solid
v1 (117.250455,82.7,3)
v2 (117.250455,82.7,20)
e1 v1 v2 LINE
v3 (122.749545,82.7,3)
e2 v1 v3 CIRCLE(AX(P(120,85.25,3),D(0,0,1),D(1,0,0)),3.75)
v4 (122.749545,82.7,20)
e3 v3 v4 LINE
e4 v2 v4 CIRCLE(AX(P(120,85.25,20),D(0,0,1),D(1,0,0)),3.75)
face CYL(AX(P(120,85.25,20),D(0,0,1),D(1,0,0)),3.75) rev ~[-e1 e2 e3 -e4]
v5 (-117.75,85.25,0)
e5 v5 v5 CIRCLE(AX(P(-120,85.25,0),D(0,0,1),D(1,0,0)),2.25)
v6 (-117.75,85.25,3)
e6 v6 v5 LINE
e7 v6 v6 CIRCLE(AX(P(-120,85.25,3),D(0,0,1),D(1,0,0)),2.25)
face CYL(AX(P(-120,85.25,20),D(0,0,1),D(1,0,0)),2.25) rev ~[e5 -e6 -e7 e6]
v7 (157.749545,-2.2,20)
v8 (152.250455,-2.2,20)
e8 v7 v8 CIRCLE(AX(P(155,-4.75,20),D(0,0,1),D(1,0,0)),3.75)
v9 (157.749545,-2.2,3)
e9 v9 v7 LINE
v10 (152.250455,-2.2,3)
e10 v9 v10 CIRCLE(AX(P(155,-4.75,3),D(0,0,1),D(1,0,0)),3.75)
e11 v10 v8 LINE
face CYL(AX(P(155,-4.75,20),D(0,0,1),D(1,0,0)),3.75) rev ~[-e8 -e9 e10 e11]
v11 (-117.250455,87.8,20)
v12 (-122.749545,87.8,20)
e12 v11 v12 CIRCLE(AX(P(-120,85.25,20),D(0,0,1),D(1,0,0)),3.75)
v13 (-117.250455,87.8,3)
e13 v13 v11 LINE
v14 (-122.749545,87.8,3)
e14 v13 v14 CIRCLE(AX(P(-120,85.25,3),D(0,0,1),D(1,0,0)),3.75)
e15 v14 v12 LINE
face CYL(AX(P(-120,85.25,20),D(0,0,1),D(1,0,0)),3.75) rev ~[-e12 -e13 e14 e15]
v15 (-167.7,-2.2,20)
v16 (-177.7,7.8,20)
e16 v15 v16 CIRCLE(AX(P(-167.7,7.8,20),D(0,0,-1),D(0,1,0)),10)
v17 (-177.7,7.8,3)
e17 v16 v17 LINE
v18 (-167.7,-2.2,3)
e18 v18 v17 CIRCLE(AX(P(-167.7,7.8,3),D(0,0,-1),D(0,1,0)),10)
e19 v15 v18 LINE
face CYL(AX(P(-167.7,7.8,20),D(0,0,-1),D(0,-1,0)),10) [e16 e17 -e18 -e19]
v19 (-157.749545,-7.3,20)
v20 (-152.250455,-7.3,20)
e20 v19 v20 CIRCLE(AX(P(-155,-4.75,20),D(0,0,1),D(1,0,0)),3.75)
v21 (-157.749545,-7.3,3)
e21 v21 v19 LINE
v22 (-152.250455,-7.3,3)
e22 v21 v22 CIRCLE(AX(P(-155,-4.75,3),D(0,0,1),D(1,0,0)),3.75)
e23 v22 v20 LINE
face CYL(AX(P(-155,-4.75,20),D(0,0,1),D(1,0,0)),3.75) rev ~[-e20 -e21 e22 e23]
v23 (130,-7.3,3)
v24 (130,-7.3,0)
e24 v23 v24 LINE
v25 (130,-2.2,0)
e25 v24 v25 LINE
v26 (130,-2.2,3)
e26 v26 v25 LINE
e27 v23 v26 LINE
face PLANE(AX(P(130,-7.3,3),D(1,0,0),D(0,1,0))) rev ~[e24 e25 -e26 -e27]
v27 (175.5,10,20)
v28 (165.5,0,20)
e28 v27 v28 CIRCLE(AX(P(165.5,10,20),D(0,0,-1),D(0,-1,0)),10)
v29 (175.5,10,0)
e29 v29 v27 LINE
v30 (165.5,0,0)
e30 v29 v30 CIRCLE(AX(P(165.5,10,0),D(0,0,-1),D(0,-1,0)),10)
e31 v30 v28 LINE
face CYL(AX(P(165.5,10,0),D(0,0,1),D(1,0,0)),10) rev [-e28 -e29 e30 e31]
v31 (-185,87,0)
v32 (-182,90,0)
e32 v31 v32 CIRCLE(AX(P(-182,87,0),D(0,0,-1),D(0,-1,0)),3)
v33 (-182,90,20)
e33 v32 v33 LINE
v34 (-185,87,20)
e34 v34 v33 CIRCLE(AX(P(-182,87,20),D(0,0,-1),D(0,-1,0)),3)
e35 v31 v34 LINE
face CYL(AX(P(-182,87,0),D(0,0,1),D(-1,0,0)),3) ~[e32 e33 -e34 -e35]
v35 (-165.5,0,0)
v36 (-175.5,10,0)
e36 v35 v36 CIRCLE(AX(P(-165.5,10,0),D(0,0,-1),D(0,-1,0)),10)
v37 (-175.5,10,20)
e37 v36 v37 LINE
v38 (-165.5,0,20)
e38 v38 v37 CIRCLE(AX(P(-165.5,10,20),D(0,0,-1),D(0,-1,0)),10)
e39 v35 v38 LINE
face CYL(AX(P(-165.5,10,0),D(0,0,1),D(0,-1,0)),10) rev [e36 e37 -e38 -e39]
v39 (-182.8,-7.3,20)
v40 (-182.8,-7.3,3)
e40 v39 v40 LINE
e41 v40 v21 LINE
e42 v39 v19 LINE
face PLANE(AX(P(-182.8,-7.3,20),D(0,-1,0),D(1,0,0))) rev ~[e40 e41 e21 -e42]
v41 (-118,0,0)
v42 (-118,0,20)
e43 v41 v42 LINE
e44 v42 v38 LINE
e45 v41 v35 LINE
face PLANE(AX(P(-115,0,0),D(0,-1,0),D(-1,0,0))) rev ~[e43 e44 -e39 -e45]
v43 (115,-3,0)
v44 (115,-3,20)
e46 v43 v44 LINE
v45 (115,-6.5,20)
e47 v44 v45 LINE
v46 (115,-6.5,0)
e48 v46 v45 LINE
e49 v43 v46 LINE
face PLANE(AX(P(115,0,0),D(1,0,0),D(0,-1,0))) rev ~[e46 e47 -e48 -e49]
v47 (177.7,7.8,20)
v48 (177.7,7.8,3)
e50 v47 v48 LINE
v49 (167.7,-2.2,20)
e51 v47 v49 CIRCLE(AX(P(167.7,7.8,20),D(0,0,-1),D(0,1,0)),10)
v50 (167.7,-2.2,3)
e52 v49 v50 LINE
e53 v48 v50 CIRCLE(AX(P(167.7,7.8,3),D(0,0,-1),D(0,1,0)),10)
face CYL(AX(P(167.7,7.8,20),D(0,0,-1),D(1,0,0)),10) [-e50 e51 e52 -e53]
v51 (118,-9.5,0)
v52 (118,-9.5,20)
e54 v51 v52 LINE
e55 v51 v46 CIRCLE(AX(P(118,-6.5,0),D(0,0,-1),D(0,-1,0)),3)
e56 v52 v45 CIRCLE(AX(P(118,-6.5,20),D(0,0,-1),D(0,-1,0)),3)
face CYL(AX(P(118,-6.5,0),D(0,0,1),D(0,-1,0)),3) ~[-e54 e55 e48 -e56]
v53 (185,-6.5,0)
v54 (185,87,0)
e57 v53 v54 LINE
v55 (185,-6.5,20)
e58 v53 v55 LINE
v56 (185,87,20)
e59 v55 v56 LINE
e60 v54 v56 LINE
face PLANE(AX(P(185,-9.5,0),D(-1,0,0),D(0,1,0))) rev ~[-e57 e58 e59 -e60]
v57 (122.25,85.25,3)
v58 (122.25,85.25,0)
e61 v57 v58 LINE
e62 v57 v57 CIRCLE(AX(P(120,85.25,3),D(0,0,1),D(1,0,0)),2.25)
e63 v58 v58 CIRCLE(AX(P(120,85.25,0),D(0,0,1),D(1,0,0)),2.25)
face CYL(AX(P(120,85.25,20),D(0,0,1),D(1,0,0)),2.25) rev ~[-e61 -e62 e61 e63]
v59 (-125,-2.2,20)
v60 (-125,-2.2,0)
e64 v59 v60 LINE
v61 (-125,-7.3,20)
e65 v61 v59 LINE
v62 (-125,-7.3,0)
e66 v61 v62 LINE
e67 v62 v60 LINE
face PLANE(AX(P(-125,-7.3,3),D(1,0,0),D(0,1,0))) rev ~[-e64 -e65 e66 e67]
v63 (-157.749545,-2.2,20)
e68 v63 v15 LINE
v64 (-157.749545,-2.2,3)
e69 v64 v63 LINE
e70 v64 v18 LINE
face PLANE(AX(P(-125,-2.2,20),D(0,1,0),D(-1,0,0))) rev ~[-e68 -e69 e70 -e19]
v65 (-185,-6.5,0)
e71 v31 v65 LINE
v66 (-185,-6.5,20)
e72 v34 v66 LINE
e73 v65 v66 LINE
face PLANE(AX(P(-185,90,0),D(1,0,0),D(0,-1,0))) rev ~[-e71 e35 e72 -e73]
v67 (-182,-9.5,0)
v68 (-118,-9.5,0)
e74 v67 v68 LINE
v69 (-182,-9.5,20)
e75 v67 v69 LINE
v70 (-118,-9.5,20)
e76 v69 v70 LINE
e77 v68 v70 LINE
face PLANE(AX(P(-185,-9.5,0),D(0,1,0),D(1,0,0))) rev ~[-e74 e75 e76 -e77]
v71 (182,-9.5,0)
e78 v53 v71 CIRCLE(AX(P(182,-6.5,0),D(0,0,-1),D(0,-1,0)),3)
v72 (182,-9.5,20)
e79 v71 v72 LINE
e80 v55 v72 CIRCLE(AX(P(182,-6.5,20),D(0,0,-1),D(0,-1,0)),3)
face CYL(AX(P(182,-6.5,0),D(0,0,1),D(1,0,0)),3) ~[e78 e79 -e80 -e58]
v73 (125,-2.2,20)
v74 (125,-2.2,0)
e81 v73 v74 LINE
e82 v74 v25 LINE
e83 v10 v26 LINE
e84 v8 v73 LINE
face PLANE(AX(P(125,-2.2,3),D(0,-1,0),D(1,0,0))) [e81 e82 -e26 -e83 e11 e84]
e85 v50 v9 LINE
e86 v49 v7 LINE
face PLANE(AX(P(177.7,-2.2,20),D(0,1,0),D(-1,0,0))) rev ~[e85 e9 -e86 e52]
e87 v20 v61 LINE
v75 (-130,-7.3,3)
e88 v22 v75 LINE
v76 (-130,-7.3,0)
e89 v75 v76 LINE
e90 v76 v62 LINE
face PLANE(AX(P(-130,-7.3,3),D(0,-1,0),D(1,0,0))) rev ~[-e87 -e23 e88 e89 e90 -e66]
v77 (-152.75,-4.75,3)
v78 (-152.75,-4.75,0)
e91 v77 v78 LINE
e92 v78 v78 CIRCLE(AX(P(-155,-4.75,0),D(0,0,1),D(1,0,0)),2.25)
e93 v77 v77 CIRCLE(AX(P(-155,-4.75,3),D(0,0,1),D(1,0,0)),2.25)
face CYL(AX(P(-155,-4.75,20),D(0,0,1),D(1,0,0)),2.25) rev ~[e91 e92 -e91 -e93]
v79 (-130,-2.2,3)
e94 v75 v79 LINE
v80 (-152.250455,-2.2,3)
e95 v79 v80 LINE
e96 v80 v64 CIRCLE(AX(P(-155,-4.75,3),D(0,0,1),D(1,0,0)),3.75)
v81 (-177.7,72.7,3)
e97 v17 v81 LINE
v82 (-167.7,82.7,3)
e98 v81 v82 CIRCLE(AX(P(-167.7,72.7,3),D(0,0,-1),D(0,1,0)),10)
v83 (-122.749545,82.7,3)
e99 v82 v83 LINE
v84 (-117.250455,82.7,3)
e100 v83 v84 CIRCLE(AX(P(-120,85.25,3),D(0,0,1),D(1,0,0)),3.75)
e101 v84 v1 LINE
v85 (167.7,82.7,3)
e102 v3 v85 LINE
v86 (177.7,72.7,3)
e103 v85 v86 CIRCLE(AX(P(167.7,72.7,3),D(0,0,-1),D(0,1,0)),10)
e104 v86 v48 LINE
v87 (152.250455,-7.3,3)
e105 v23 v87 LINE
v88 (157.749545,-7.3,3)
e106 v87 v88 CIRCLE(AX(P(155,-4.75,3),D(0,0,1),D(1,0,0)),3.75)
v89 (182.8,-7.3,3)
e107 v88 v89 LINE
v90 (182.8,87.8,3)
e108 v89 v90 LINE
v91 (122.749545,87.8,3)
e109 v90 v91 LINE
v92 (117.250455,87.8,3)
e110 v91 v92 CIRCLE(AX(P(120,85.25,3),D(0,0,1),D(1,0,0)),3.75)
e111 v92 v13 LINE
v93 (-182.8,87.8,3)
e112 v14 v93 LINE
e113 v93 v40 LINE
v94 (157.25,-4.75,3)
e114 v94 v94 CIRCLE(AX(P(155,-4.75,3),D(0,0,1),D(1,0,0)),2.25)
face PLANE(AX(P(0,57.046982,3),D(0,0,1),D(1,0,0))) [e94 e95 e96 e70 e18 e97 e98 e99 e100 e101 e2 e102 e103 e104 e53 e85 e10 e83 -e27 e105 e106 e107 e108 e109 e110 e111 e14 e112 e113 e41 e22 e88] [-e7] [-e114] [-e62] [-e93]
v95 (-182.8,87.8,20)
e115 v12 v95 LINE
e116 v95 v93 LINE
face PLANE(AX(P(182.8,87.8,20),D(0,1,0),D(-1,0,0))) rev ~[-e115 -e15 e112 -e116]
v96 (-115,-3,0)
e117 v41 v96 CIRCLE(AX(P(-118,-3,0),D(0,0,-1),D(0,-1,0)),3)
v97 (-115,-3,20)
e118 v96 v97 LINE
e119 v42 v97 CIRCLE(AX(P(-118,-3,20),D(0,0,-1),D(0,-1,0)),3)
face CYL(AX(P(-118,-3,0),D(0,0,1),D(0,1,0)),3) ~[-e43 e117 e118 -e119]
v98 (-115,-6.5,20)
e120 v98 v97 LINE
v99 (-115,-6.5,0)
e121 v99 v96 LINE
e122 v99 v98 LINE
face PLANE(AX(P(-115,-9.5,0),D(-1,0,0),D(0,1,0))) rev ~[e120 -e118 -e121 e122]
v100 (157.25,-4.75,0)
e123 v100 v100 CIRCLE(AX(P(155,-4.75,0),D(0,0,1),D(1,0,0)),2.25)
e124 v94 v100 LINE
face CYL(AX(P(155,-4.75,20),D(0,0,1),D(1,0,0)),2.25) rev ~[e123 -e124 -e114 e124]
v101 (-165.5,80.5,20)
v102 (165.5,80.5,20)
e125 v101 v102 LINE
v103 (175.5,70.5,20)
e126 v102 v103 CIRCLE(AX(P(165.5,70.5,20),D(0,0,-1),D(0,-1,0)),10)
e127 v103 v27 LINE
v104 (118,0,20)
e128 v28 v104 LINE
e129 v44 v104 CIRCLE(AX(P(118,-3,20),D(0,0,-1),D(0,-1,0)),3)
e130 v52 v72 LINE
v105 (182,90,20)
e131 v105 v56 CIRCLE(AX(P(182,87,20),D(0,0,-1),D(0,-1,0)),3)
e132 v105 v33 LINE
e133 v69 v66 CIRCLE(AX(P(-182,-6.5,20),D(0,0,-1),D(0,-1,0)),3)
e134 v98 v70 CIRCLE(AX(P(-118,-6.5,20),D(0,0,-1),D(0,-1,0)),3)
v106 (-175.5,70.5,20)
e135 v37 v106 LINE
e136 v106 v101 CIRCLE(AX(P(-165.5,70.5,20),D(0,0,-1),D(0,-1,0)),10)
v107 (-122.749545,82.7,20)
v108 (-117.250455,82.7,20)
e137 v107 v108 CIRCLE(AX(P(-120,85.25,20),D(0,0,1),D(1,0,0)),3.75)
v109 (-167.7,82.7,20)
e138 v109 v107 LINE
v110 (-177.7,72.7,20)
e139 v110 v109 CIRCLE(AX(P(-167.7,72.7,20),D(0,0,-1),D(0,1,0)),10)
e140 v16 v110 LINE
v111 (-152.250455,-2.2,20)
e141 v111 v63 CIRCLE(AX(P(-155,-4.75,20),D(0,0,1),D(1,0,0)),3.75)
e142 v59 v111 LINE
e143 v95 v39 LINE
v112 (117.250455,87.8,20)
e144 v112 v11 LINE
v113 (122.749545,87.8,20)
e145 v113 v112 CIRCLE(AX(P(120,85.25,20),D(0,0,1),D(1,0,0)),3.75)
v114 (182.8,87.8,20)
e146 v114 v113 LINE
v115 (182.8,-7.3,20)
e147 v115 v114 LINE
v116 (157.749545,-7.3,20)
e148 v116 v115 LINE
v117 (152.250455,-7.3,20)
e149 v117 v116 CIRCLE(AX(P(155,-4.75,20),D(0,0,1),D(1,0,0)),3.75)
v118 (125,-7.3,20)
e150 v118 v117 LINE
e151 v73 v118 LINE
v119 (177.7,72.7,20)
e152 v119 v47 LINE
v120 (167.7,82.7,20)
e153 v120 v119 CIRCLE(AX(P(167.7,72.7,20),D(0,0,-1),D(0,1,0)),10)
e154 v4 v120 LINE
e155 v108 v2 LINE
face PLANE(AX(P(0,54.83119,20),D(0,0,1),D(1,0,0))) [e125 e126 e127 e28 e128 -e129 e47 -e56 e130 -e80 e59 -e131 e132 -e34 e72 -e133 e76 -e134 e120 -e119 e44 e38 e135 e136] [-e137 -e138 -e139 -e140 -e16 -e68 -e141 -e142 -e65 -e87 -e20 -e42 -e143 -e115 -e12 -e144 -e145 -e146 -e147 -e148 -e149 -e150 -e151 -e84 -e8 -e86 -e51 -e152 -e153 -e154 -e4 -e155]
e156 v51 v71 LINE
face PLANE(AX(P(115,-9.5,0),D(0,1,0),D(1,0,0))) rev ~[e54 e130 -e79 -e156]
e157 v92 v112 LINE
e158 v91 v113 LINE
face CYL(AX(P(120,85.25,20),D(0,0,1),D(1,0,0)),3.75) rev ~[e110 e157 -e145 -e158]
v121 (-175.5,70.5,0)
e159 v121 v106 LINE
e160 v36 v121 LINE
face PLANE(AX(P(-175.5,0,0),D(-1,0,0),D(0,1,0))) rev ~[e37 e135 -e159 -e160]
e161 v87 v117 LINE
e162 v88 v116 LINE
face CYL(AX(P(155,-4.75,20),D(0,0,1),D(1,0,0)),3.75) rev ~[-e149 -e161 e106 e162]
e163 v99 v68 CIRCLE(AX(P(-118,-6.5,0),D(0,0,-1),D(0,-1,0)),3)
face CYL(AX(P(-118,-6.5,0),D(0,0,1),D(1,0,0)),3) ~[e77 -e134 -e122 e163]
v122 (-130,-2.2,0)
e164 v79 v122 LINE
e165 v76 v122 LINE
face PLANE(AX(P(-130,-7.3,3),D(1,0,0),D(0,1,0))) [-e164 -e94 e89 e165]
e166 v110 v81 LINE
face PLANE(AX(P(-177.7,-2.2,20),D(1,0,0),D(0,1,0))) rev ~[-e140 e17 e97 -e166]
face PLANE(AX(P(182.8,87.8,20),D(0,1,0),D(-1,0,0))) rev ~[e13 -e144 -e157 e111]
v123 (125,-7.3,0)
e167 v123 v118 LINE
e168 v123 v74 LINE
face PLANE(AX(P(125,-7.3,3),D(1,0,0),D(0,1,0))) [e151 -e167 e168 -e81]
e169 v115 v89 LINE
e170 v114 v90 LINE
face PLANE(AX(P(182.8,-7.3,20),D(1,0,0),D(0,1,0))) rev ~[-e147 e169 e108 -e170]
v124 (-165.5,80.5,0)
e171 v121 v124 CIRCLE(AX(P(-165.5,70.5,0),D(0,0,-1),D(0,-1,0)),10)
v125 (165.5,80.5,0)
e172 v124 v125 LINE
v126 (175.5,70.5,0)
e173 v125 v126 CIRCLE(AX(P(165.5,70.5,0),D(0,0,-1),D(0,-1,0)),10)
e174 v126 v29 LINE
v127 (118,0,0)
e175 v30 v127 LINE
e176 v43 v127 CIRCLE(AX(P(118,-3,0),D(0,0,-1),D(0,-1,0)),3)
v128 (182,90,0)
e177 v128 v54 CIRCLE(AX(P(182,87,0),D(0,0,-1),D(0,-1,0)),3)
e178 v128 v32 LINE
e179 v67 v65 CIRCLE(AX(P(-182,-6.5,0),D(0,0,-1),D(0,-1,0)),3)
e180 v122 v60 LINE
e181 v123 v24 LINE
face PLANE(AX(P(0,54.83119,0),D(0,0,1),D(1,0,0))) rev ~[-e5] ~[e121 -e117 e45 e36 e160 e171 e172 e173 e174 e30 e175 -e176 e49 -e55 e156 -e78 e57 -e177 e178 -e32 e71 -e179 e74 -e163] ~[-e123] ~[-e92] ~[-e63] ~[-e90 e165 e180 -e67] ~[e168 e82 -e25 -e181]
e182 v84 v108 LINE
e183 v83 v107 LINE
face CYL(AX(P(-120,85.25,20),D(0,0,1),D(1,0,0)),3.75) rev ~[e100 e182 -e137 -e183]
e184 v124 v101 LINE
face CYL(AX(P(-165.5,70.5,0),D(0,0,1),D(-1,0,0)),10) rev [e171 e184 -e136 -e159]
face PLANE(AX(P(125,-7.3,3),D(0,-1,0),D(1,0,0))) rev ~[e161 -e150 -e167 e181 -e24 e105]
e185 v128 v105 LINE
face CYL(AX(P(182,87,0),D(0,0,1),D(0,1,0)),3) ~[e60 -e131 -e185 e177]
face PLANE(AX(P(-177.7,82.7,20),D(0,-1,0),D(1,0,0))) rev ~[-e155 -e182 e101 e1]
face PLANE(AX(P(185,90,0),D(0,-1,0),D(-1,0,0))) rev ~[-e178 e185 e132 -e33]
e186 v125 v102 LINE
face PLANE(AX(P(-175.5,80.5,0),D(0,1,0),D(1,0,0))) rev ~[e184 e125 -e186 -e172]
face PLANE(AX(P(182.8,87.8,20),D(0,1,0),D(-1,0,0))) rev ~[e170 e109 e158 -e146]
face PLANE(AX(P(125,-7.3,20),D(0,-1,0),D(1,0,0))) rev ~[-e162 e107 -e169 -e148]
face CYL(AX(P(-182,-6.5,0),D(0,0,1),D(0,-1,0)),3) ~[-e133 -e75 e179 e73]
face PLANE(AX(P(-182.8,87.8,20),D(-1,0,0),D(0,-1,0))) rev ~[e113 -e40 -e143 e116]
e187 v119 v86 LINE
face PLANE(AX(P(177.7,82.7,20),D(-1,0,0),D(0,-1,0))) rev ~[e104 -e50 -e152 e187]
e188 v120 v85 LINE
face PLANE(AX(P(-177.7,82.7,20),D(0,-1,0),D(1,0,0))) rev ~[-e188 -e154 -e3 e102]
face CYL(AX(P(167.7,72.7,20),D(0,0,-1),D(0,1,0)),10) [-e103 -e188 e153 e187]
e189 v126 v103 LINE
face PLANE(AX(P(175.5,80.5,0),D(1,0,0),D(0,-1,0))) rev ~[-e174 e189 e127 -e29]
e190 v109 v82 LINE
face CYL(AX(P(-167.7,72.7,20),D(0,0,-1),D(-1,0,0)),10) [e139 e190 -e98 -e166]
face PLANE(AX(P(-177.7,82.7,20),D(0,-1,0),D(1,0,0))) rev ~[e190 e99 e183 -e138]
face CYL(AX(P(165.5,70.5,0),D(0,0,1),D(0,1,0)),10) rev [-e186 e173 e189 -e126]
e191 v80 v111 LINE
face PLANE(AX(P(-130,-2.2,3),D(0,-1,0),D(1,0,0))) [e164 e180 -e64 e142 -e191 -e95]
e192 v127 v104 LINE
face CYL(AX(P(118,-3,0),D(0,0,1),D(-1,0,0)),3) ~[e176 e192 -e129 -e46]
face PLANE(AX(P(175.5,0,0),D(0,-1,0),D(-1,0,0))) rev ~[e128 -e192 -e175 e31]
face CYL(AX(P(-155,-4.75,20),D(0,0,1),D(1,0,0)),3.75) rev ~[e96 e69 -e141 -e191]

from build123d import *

# Parameters (mm, degrees)
BOSS_EXTRUDE1_DEPTH     = 20
CUT_EXTRUDE_THIN1_DEPTH = 17
FILLET1_R               = 10
SKETCH3_R               = 3.75
SKETCH3_R_2             = 2.25
CUT_EXTRUDE1_DEPTH      = 17
SKETCH3_2_R             = 2.25
CUT_EXTRUDE2_DEPTH      = 207.700266086
FILLET2_R               = 3
SKETCH4_W               = 5
SKETCH4_H               = 5.1
CUT_EXTRUDE3_DEPTH      = 207.43158673


with BuildPart() as part:
    # Sketch1 → Boss-Extrude1 (new body)
    with BuildSketch(Plane.XY):
        Polygon((-115, 0), (-175.5, 0), (-175.5, 80.5), (175.5, 80.5), (175.5, 0), (115, 0), (115, -9.5), (185, -9.5), (185, 90), (-185, 90), (-185, -9.5), (-115, -9.5), align=None)
    extrude(amount=BOSS_EXTRUDE1_DEPTH)

    # Sketch2 → Cut-Extrude-Thin1 (cut)
    with BuildSketch(Plane.XY.offset(20)):
        Polygon((-125, -2.2), (-177.7, -2.2), (-177.7, 82.7), (177.7, 82.7), (177.7, -2.2), (125, -2.2), (125, -7.3), (182.8, -7.3), (182.8, 87.8), (-182.8, 87.8), (-182.8, -7.3), (-125, -7.3), align=None)
    extrude(amount=-CUT_EXTRUDE_THIN1_DEPTH, mode=Mode.SUBTRACT)

    # Fillet1
    fillet1_edges = [part.edges().sort_by_distance(p)[0] for p in [
        (175.5, 0, 10),
        (175.5, 80.5, 10),
        (-175.5, 80.5, 10),
        (-175.5, 0, 10),
        (-177.7, -2.2, 11.5),
        (-177.7, 82.7, 11.5),
        (177.7, 82.7, 11.5),
        (177.7, -2.2, 11.5),
    ]]
    fillet(fillet1_edges, radius=FILLET1_R)

    # Sketch3 → Cut-Extrude1 (cut)
    # profile 1 of 4: a face of its own
    with BuildSketch(Plane.XY.offset(20)):
        with Locations((-120, 85.25)):
            Circle(SKETCH3_R)
        with Locations((-120, 85.25)):
            Circle(SKETCH3_R_2, mode=Mode.SUBTRACT)
    # profile 2 of 4: a face of its own
    with BuildSketch(Plane.XY.offset(20)):
        with Locations((120, 85.25)):
            Circle(SKETCH3_R)
        with Locations((120, 85.25)):
            Circle(SKETCH3_R_2, mode=Mode.SUBTRACT)
    # profile 3 of 4: a face of its own
    with BuildSketch(Plane.XY.offset(20)):
        with Locations((-155, -4.75)):
            Circle(SKETCH3_R)
        with Locations((-155, -4.75)):
            Circle(SKETCH3_R_2, mode=Mode.SUBTRACT)
    # profile 4 of 4: a face of its own
    with BuildSketch(Plane.XY.offset(20)):
        with Locations((155, -4.75)):
            Circle(SKETCH3_R)
        with Locations((155, -4.75)):
            Circle(SKETCH3_R_2, mode=Mode.SUBTRACT)
    extrude(amount=-CUT_EXTRUDE1_DEPTH, mode=Mode.SUBTRACT)

    # Sketch3<2> → Cut-Extrude2 (cut, through all)
    with BuildSketch(Plane.XY.offset(20)):
        with Locations((-120, 85.25)):
            Circle(SKETCH3_2_R)
        with Locations((-155, -4.75)):
            Circle(SKETCH3_2_R)
        with Locations((155, -4.75)):
            Circle(SKETCH3_2_R)
        with Locations((120, 85.25)):
            Circle(SKETCH3_2_R)
    extrude(amount=-CUT_EXTRUDE2_DEPTH, mode=Mode.SUBTRACT)

    # Fillet2
    fillet2_edges = [part.edges().sort_by_distance(p)[0] for p in [
        (-115, -9.5, 10),
        (-185, -9.5, 10),
        (-185, 90, 10),
        (185, 90, 10),
        (185, -9.5, 10),
        (115, -9.5, 10),
        (115, 0, 10),
        (-115, 0, 10),
    ]]
    fillet(fillet2_edges, radius=FILLET2_R)

    # Sketch4 → Cut-Extrude3 (cut, through all)
    with BuildSketch(Plane.XY.offset(3)):
        with Locations((-127.5, -4.75)):
            Rectangle(SKETCH4_W, SKETCH4_H)
        with Locations((127.5, -4.75)):
            Rectangle(SKETCH4_W, SKETCH4_H)
    extrude(amount=-CUT_EXTRUDE3_DEPTH, mode=Mode.SUBTRACT)


solid = part.part
